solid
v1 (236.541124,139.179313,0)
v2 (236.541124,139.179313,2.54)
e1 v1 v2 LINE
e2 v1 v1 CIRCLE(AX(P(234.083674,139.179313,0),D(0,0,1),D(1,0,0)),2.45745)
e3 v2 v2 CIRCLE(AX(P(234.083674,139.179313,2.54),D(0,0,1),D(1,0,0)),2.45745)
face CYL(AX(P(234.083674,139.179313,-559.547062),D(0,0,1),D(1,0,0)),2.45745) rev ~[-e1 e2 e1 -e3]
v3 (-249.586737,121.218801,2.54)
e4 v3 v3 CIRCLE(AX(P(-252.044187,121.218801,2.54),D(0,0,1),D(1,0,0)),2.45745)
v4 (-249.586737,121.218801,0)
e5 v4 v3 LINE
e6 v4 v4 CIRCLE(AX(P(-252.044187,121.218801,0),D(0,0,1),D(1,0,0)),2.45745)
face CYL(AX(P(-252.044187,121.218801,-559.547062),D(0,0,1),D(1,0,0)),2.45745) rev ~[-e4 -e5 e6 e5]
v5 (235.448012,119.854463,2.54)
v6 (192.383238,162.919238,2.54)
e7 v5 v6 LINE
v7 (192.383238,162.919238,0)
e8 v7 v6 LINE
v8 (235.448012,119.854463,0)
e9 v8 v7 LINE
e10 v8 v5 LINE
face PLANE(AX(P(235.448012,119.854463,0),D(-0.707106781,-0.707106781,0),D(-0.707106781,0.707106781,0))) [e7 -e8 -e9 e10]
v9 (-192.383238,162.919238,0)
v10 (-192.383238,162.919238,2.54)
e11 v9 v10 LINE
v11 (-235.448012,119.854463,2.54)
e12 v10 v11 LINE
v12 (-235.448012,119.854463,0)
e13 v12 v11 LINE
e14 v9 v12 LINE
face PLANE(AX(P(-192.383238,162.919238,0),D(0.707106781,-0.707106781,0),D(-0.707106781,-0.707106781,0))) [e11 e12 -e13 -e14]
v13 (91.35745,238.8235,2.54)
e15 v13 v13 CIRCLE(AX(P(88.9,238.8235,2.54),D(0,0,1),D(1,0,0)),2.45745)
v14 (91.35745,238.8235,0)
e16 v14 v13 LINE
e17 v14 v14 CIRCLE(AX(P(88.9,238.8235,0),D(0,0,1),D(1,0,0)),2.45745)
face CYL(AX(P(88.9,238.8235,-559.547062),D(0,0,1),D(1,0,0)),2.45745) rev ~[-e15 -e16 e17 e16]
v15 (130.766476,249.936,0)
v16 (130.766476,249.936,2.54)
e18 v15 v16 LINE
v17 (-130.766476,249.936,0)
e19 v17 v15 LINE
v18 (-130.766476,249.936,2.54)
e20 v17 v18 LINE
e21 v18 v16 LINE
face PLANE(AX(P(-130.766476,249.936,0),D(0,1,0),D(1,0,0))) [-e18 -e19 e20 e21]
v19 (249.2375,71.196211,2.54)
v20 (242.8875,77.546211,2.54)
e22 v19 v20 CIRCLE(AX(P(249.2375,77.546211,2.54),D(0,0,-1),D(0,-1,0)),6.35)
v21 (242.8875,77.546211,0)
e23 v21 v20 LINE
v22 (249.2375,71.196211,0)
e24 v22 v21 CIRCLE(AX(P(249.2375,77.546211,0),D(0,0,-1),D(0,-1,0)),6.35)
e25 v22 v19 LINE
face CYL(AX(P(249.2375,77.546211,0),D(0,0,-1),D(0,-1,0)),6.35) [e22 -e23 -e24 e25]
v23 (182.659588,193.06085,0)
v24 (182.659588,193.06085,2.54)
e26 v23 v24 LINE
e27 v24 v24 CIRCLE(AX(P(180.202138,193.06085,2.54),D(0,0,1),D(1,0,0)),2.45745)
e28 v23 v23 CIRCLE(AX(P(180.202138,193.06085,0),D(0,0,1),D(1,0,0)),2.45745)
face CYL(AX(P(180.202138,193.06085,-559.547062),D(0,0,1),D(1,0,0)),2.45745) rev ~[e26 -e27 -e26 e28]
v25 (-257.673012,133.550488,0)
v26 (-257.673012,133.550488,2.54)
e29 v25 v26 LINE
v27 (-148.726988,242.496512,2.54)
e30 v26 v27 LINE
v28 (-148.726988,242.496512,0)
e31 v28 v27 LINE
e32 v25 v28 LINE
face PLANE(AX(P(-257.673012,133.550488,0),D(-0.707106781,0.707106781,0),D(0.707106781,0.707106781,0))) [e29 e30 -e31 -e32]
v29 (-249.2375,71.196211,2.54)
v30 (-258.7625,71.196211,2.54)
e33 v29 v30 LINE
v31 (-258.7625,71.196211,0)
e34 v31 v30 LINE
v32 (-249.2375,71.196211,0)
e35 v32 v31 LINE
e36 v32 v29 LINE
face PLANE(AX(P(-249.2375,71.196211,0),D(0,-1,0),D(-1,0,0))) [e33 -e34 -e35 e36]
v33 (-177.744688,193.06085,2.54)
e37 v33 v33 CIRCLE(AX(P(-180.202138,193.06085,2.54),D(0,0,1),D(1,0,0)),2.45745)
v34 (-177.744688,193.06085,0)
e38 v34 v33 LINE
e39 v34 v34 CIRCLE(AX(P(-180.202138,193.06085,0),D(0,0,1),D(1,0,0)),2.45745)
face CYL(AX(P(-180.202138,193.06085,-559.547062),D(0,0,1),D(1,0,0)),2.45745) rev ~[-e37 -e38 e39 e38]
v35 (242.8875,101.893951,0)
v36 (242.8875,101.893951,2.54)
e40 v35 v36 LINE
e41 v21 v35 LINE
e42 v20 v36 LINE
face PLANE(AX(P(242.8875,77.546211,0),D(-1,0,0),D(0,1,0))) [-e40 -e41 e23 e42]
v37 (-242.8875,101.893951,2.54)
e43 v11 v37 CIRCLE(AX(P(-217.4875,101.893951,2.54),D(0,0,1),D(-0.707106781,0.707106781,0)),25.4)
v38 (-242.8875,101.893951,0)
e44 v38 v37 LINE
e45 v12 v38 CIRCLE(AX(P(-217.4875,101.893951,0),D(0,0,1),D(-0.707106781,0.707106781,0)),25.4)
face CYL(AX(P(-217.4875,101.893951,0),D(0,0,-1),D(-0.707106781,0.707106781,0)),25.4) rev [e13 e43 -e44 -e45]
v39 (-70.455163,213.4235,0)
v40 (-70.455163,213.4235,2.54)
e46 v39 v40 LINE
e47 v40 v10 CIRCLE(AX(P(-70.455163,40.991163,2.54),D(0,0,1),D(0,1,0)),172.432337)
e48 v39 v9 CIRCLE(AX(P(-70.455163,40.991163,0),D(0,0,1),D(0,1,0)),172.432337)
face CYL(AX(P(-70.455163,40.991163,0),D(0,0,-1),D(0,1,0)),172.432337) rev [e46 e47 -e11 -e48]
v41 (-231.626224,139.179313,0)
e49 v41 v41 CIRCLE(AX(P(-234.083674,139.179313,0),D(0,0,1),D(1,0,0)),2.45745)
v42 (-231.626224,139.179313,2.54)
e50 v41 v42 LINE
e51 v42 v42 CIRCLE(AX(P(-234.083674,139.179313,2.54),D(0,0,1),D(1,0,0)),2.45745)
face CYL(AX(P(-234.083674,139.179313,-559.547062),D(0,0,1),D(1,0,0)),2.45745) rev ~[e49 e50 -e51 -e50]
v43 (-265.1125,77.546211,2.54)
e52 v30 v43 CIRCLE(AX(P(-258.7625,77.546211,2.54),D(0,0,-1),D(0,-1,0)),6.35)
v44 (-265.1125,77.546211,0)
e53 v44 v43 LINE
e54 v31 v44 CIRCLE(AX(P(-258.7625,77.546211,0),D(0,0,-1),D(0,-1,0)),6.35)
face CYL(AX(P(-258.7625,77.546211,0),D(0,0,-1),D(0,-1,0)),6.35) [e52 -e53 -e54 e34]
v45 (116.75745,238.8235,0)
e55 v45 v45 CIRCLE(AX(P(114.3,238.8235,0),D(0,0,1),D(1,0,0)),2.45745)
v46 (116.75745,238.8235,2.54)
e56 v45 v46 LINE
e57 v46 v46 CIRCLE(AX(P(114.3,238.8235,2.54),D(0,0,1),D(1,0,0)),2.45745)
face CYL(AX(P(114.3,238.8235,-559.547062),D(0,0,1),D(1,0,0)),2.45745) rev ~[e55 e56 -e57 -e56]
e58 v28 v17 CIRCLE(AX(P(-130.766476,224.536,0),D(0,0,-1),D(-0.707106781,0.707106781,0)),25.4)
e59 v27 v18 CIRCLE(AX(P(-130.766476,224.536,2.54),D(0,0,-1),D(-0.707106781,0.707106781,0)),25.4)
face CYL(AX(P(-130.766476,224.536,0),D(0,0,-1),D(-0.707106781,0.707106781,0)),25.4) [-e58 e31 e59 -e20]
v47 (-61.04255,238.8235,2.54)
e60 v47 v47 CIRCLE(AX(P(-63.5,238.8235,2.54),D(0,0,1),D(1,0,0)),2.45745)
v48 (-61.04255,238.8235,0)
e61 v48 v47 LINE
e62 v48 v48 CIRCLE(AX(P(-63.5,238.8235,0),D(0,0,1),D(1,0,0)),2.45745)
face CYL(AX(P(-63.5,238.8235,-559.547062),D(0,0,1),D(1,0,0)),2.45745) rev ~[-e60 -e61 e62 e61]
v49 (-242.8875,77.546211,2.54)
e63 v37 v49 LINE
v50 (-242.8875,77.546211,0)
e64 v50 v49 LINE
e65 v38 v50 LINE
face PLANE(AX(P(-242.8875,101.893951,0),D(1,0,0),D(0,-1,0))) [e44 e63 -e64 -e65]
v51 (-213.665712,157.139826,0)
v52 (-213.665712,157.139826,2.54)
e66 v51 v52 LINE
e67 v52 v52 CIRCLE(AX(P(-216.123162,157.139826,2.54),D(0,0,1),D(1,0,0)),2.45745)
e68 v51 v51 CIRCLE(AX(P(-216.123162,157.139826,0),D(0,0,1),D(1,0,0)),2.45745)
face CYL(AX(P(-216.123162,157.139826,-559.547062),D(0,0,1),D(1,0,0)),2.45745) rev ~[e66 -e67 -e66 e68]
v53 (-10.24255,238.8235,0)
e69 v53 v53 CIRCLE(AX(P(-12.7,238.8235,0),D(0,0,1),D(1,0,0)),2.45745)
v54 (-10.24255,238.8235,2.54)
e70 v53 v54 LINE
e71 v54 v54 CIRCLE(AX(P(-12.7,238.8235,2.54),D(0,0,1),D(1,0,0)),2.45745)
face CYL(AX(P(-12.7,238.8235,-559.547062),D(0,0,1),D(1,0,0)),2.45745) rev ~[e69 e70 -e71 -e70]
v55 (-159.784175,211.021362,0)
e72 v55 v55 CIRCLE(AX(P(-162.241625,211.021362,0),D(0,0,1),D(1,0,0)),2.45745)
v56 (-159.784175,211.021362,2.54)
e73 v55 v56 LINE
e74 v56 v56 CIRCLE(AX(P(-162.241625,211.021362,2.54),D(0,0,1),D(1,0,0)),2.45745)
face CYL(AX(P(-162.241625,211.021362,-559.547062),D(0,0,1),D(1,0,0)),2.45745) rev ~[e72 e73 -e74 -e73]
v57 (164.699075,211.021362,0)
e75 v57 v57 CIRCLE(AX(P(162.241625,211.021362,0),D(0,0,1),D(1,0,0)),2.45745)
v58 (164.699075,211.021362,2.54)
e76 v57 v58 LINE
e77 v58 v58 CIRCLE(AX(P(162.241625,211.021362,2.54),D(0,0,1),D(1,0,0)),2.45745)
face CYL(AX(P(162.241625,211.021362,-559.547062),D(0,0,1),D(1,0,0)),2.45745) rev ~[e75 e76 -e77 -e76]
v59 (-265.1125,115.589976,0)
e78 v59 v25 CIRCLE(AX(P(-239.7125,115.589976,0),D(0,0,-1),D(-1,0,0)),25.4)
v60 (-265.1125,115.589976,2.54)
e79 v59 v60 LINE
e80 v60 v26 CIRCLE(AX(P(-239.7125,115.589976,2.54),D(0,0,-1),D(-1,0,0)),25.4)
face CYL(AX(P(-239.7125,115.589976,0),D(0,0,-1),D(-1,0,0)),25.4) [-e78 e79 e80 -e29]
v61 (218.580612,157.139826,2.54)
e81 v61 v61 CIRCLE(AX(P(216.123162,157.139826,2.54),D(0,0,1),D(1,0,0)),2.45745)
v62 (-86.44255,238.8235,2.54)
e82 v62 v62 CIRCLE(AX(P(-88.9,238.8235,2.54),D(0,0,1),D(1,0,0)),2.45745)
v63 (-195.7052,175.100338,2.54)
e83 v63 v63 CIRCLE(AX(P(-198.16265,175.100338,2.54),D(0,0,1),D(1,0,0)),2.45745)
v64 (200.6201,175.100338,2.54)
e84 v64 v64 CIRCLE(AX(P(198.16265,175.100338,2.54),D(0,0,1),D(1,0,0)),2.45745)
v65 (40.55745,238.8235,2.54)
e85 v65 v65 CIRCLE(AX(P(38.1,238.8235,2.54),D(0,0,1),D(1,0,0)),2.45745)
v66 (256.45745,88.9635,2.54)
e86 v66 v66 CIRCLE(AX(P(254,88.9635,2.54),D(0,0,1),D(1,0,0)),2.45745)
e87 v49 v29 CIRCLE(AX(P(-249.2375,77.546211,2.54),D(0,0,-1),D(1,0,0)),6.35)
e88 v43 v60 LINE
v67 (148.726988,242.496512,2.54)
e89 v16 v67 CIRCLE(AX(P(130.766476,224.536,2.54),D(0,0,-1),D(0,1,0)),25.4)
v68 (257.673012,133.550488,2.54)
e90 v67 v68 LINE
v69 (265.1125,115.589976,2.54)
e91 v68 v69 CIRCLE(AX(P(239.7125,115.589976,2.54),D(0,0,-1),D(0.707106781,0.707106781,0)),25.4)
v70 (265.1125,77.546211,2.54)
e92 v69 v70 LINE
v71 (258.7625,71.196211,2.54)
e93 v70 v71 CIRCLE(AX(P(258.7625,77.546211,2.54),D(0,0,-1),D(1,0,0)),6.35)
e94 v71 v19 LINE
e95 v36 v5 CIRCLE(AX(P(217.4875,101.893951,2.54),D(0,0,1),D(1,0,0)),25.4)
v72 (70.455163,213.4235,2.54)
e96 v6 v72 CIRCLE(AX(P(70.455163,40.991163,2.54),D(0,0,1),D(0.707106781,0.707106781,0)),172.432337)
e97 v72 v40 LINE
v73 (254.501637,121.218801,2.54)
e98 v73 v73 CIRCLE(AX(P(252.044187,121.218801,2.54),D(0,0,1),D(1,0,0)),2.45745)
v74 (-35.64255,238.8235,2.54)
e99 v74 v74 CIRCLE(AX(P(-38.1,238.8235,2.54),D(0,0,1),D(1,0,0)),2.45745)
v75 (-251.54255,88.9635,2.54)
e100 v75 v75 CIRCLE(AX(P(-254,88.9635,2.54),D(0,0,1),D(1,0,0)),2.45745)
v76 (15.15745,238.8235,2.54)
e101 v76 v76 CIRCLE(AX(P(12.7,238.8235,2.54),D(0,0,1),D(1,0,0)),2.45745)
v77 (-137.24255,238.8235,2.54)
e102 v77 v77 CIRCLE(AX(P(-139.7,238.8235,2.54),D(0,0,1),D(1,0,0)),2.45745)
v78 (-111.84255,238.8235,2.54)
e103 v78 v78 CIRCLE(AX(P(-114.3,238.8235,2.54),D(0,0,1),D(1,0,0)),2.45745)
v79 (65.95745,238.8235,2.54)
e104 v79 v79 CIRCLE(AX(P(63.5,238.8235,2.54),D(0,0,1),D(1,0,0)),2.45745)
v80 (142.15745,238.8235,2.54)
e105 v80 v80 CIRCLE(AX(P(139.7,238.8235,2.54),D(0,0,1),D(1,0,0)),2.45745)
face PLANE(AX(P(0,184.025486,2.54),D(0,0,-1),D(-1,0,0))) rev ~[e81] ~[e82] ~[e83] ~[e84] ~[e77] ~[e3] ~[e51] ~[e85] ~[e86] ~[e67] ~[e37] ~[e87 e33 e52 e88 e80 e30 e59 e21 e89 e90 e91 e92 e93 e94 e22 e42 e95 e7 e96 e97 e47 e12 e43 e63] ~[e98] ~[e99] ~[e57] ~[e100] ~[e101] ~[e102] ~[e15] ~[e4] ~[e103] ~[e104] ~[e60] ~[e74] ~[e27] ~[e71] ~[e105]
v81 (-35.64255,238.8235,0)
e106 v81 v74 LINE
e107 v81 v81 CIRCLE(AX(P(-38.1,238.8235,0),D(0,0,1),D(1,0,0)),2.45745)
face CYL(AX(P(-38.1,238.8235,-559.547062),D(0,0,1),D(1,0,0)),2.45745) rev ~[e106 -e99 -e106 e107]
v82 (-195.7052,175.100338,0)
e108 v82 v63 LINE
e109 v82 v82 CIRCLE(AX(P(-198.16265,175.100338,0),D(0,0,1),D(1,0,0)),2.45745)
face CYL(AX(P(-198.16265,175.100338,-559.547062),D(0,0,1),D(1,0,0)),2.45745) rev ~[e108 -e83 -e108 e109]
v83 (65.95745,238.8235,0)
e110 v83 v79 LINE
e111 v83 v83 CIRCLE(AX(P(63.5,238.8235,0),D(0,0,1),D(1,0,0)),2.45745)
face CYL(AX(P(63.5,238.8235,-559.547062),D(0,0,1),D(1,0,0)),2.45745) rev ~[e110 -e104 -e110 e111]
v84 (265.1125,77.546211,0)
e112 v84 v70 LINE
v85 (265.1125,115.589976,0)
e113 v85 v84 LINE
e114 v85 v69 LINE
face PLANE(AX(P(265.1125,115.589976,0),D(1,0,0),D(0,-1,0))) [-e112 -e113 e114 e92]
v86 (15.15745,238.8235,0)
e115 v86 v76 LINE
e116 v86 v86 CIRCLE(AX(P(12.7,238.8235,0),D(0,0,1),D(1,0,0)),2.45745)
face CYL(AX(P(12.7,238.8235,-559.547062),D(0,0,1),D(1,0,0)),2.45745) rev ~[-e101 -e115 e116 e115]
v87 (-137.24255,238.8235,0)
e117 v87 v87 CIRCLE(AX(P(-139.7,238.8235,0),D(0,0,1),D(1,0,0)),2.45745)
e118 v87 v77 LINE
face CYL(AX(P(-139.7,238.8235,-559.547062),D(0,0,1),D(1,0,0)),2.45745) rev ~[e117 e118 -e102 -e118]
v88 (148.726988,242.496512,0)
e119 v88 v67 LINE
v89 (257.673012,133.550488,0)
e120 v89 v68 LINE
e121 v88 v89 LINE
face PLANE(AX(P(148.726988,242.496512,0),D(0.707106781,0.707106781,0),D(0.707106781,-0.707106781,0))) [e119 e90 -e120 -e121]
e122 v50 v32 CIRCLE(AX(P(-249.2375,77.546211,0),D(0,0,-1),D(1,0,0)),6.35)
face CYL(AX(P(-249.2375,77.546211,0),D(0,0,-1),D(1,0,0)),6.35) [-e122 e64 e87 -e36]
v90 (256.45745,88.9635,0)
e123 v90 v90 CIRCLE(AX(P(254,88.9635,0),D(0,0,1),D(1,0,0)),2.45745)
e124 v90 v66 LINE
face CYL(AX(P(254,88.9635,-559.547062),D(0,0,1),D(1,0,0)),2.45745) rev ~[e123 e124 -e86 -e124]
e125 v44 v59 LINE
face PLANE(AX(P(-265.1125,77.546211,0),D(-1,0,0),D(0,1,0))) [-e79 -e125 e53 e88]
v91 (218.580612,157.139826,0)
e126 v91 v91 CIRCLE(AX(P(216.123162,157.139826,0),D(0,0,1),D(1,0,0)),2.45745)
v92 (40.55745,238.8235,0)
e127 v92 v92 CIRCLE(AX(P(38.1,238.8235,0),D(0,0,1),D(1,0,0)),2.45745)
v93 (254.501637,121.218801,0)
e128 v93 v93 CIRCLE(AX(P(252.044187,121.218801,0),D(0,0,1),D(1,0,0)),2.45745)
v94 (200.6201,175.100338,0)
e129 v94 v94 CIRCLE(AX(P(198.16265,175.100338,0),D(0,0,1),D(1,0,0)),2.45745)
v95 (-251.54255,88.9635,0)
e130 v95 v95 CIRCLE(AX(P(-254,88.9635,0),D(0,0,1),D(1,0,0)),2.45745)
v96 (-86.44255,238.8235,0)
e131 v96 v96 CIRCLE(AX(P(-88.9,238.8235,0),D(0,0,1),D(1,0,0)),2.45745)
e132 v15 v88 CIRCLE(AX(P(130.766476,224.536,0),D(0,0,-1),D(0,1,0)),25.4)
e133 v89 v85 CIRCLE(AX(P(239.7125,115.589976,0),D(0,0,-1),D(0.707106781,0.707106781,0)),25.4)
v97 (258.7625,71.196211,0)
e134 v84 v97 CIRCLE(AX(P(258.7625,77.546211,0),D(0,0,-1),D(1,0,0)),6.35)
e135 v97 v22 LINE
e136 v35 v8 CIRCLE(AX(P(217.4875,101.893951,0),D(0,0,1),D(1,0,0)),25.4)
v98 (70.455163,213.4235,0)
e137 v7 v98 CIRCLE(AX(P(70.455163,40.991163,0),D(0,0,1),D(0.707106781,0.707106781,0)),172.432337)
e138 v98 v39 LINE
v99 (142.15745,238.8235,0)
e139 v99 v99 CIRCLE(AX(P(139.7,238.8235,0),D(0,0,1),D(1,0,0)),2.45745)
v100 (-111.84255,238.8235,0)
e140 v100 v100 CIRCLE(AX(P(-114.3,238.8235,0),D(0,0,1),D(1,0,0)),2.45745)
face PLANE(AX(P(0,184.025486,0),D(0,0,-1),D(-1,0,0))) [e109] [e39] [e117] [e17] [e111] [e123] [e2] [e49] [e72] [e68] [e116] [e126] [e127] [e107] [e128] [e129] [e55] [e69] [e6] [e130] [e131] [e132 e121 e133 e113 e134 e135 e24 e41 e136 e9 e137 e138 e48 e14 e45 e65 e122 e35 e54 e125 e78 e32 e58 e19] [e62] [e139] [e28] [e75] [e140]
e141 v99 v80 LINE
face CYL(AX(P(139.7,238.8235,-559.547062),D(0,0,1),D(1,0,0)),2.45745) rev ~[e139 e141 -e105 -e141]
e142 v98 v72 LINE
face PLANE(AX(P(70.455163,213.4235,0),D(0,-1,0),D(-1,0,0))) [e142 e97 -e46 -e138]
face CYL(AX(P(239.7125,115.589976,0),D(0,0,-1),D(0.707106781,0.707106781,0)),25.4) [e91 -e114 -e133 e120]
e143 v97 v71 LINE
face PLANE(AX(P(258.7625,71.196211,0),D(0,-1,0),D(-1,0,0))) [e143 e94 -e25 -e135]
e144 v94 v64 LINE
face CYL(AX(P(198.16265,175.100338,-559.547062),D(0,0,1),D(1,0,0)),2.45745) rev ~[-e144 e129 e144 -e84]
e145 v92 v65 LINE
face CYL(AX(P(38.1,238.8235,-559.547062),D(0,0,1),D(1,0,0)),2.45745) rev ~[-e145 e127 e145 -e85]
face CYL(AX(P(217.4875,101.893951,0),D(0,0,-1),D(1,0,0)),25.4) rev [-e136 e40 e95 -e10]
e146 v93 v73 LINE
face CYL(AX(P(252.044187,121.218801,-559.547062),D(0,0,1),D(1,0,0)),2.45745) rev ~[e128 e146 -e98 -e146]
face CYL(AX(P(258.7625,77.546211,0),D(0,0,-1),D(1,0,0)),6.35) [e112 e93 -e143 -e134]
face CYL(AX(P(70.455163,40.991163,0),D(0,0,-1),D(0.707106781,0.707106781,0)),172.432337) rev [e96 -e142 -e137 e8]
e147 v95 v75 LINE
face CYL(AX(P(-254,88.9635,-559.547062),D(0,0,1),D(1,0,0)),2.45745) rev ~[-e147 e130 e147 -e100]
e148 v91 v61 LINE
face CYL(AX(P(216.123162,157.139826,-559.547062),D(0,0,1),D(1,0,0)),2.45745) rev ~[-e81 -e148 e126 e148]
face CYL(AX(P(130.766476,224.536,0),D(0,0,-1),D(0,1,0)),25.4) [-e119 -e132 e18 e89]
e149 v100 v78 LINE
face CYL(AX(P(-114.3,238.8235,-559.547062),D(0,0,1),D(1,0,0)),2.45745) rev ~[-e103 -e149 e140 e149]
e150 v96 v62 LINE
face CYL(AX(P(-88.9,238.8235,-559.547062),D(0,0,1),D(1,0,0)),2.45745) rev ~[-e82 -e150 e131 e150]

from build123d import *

# Parameters (mm, degrees)
BOSS_EXTRUDE1_DEPTH   = 2.54
F_8_CLEARANCE_HOLE1_D = 4.9149


with BuildPart() as part:
    # Sketch1 → Boss-Extrude1 (new body)
    with BuildSketch(Plane.XY):
        with BuildLine():
            Line((258.7625, 71.196211277), (249.2375, 71.196211277))
            ThreePointArc((249.2375, 71.196211277), (244.747371939, 73.056083217), (242.8875, 77.546211277))
            Line((242.8875, 77.546211277), (242.8875, 101.893951031))
            ThreePointArc((242.8875, 101.893951031), (240.954040126, 111.614110214), (235.448012242, 119.854463274))
            Line((235.448012242, 119.854463274), (192.383237758, 162.919237758))
            ThreePointArc((192.383237758, 162.919237758), (136.442161509, 200.297869889), (70.455162895, 213.4235))
            Line((70.455162895, 213.4235), (-70.455162895, 213.4235))
            ThreePointArc((-70.455162895, 213.4235), (-136.442161509, 200.297869889), (-192.383237758, 162.919237758))
            Line((-192.383237758, 162.919237758), (-235.448012242, 119.854463274))
            ThreePointArc((-235.448012242, 119.854463274), (-240.954040126, 111.614110214), (-242.8875, 101.893951031))
            Line((-242.8875, 101.893951031), (-242.8875, 77.546211277))
            ThreePointArc((-242.8875, 77.546211277), (-244.747371939, 73.056083217), (-249.2375, 71.196211277))
            Line((-249.2375, 71.196211277), (-258.7625, 71.196211277))
            ThreePointArc((-258.7625, 71.196211277), (-263.252628061, 73.056083217), (-265.1125, 77.546211277))
            Line((-265.1125, 77.546211277), (-265.1125, 115.589975516))
            ThreePointArc((-265.1125, 115.589975516), (-263.179040126, 125.310134698), (-257.673012242, 133.550487758))
            Line((-257.673012242, 133.550487758), (-148.726987758, 242.496512242))
            ThreePointArc((-148.726987758, 242.496512242), (-140.486634698, 248.002540126), (-130.766475516, 249.936))
            Line((-130.766475516, 249.936), (130.766475516, 249.936))
            ThreePointArc((130.766475516, 249.936), (140.486634698, 248.002540126), (148.726987758, 242.496512242))
            Line((148.726987758, 242.496512242), (257.673012242, 133.550487758))
            ThreePointArc((257.673012242, 133.550487758), (263.179040126, 125.310134698), (265.1125, 115.589975516))
            Line((265.1125, 115.589975516), (265.1125, 77.546211277))
            ThreePointArc((265.1125, 77.546211277), (263.252628061, 73.056083217), (258.7625, 71.196211277))
        make_face()
    extrude(amount=BOSS_EXTRUDE1_DEPTH)

    # #8 Clearance Hole1 (through all)
    with Locations(Plane(origin=(0, 0, 0), x_dir=(-1, 0, 0), z_dir=(0, 0, -1))):
        with Locations((-254, 88.9635), (-252.044186638, 121.21880112), (-234.083674396, 139.179313362), (-216.123162153, 157.139825604), (-198.162649911, 175.100337847), (-180.202137669, 193.060850089), (-114.3, 238.8235), (-88.9, 238.8235), (-63.5, 238.8235), (-38.1, 238.8235), (-12.7, 238.8235), (12.7, 238.8235), (38.1, 238.8235), (63.5, 238.8235), (88.9, 238.8235), (114.3, 238.8235), (139.7, 238.8235), (162.241625427, 211.021362331), (180.202137669, 193.060850089), (198.162649911, 175.100337847), (216.123162153, 157.139825604), (234.083674396, 139.179313362), (252.044186638, 121.21880112), (254, 88.9635), (-139.7, 238.8235), (-162.241625427, 211.021362331)):
            Hole(F_8_CLEARANCE_HOLE1_D / 2)


solid = part.part
